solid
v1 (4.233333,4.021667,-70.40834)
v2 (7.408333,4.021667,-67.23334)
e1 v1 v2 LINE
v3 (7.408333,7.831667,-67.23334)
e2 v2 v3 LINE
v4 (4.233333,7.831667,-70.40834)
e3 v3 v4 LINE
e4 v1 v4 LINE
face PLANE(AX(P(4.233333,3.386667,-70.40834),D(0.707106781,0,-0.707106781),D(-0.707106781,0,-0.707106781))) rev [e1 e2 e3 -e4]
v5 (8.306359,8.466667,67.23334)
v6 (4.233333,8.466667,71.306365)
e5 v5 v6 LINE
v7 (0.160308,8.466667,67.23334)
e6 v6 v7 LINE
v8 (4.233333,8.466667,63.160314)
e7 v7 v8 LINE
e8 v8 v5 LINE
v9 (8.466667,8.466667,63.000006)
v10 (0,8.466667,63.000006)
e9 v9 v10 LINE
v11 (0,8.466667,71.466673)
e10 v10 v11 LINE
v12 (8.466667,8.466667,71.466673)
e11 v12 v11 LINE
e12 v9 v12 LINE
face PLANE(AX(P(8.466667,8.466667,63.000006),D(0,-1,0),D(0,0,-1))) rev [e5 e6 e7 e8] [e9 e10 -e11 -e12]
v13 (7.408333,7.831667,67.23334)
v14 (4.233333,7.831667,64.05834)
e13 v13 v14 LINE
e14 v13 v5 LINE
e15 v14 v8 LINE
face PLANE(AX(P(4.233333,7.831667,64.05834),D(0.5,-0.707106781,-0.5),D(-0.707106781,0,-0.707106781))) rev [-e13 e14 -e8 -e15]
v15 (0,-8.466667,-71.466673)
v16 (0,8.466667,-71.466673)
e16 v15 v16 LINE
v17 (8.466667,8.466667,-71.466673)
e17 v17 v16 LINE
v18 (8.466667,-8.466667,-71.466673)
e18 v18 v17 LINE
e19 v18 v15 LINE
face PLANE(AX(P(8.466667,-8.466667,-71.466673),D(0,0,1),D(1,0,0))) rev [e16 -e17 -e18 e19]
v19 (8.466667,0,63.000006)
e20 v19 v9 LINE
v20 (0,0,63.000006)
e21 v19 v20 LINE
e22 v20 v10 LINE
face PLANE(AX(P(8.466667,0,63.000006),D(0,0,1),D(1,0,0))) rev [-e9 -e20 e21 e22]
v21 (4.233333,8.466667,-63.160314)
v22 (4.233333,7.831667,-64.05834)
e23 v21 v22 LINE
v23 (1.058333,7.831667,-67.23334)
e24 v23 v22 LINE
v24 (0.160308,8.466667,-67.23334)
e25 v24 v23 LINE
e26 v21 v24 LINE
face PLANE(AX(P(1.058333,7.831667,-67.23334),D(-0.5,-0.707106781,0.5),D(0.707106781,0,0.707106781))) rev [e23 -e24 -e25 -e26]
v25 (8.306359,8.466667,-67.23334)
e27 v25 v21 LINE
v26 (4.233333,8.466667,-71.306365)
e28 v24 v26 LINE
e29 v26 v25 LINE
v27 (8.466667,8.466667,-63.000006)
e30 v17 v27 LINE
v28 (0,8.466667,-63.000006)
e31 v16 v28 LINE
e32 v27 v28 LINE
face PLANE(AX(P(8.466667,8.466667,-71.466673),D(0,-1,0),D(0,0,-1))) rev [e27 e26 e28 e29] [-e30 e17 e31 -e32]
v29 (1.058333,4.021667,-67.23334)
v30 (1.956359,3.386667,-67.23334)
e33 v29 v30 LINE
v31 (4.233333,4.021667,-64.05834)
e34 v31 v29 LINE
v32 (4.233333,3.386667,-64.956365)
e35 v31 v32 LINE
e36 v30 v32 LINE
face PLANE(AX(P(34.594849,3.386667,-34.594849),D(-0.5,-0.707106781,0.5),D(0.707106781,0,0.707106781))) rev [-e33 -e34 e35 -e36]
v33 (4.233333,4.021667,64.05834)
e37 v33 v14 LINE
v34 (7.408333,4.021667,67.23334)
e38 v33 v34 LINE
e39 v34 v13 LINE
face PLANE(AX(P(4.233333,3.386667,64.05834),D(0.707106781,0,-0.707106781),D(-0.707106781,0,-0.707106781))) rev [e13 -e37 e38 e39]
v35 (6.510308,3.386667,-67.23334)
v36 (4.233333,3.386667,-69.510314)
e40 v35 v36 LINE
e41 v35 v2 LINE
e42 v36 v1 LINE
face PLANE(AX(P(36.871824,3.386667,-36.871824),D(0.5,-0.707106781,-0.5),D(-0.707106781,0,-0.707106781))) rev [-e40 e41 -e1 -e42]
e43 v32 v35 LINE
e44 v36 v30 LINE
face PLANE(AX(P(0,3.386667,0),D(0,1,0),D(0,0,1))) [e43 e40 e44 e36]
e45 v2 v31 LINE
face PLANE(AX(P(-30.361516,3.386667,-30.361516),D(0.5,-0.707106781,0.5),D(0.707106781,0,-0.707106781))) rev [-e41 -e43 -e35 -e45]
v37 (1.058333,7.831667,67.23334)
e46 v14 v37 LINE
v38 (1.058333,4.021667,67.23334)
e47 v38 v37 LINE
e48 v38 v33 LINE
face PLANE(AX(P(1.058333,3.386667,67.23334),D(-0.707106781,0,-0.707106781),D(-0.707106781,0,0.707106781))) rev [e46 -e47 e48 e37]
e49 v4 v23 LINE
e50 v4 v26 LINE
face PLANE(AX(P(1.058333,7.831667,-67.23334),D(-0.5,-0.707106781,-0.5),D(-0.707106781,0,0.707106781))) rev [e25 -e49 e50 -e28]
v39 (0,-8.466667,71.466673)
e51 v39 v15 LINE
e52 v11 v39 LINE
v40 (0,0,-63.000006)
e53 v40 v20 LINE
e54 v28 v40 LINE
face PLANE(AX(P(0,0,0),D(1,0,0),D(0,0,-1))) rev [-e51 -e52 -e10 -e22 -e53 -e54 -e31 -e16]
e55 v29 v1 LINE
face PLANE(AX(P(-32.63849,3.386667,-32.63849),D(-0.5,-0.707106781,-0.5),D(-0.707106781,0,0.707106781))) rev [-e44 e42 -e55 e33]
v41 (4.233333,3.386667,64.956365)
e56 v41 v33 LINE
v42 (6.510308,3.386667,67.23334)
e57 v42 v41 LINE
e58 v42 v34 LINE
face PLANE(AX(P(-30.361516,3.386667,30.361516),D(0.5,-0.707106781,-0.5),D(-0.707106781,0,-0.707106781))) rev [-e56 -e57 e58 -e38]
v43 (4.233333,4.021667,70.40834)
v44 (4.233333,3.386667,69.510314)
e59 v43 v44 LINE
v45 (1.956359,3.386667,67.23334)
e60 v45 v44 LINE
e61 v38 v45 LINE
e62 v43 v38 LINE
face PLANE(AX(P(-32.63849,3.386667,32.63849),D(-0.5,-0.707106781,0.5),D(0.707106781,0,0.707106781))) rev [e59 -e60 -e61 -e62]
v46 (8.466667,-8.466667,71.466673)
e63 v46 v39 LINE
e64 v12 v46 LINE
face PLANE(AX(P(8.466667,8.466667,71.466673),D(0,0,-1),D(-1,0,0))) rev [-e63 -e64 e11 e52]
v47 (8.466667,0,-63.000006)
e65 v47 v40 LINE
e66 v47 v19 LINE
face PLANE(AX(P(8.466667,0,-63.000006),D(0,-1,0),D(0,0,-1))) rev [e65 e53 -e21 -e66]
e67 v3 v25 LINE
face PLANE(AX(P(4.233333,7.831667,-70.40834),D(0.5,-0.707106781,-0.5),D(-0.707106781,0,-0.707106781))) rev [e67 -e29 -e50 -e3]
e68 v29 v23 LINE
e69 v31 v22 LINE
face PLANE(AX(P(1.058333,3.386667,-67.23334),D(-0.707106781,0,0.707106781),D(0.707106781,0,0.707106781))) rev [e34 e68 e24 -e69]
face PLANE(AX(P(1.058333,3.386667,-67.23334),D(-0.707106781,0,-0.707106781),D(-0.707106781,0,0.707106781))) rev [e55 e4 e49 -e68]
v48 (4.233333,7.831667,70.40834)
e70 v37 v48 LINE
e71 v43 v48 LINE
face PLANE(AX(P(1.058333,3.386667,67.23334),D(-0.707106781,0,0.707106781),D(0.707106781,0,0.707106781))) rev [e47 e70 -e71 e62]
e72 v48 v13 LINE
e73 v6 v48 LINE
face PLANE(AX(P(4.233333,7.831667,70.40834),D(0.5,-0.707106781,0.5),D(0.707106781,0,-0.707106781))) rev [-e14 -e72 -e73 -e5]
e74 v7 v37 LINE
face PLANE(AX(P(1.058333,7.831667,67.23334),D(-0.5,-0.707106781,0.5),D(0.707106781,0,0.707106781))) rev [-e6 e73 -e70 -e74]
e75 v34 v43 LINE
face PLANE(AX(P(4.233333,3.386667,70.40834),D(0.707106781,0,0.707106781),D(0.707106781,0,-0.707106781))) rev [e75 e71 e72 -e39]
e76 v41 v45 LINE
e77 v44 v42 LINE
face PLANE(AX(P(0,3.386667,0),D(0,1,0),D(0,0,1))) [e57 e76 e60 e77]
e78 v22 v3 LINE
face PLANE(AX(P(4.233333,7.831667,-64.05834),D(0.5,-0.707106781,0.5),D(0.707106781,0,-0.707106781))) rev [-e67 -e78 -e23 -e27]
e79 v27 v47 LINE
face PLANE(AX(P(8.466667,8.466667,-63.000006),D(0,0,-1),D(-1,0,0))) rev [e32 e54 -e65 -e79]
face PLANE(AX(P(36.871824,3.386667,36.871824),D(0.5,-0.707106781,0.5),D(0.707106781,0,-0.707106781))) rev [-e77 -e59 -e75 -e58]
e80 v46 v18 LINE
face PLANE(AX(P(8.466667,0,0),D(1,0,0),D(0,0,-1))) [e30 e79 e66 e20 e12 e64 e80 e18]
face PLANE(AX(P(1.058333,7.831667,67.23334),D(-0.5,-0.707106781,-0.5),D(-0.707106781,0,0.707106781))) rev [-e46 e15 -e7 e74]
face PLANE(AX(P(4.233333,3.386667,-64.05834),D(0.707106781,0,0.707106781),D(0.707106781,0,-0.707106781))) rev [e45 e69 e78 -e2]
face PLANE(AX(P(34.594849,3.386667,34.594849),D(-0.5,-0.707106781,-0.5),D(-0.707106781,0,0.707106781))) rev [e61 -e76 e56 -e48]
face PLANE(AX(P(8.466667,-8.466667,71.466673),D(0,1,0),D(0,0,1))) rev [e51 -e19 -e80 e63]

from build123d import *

# Parameters (mm, degrees)
BOSS_EXTRUDE1_DEPTH = 8.466666667
CUT_EXTRUDE1_DEPTH  = 5.08
CHAMFER1_SIZE       = 0.635


with BuildPart() as part:
    # Sketch1 → Boss-Extrude1 (new body)
    with BuildSketch(Plane(origin=(0, 0, 0), x_dir=(0, 0, -1), z_dir=(1, 0, 0))):
        Polygon((-71.466673, 8.466666667), (-71.466673, -8.466666667), (71.466673, -8.466666667), (71.466673, 8.466666667), (63.000006333, 8.466666667), (63.000006333, 0), (-63.000006333, 0), (-63.000006333, 8.466666667), align=None)
    extrude(amount=BOSS_EXTRUDE1_DEPTH)

    # Sketch2 → Cut-Extrude1 (cut)
    with BuildSketch(Plane(origin=(0, 8.466666667, 0), x_dir=(1, 0, 0), z_dir=(0, 1, 0))):
        Polygon((1.058333333, -67.233339667), (4.233333333, -64.058339667), (7.408333333, -67.233339667), (4.233333333, -70.408339667), align=None)
        Polygon((1.058333333, 67.233339667), (4.233333333, 70.408339667), (7.408333333, 67.233339667), (4.233333333, 64.058339667), align=None)
    extrude(amount=-CUT_EXTRUDE1_DEPTH, mode=Mode.SUBTRACT)

    # Chamfer1
    chamfer1_edges = [part.edges().sort_by_distance(p)[0] for p in [
        (2.645833333, 3.386666667, 68.820839667),
        (2.645833333, 3.386666667, 65.645839667),
        (5.820833333, 3.386666667, 65.645839667),
        (5.820833333, 3.386666667, 68.820839667),
        (2.645833333, 8.466666667, 68.820839667),
        (5.820833333, 8.466666667, 68.820839667),
        (5.820833333, 8.466666667, 65.645839667),
        (2.645833333, 8.466666667, 65.645839667),
        (2.645833333, 3.386666667, -65.645839667),
        (2.645833333, 3.386666667, -68.820839667),
        (5.820833333, 3.386666667, -68.820839667),
        (5.820833333, 3.386666667, -65.645839667),
        (2.645833333, 8.466666667, -65.645839667),
        (5.820833333, 8.466666667, -65.645839667),
        (5.820833333, 8.466666667, -68.820839667),
        (2.645833333, 8.466666667, -68.820839667),
    ]]
    chamfer(chamfer1_edges, length=CHAMFER1_SIZE)


solid = part.part
